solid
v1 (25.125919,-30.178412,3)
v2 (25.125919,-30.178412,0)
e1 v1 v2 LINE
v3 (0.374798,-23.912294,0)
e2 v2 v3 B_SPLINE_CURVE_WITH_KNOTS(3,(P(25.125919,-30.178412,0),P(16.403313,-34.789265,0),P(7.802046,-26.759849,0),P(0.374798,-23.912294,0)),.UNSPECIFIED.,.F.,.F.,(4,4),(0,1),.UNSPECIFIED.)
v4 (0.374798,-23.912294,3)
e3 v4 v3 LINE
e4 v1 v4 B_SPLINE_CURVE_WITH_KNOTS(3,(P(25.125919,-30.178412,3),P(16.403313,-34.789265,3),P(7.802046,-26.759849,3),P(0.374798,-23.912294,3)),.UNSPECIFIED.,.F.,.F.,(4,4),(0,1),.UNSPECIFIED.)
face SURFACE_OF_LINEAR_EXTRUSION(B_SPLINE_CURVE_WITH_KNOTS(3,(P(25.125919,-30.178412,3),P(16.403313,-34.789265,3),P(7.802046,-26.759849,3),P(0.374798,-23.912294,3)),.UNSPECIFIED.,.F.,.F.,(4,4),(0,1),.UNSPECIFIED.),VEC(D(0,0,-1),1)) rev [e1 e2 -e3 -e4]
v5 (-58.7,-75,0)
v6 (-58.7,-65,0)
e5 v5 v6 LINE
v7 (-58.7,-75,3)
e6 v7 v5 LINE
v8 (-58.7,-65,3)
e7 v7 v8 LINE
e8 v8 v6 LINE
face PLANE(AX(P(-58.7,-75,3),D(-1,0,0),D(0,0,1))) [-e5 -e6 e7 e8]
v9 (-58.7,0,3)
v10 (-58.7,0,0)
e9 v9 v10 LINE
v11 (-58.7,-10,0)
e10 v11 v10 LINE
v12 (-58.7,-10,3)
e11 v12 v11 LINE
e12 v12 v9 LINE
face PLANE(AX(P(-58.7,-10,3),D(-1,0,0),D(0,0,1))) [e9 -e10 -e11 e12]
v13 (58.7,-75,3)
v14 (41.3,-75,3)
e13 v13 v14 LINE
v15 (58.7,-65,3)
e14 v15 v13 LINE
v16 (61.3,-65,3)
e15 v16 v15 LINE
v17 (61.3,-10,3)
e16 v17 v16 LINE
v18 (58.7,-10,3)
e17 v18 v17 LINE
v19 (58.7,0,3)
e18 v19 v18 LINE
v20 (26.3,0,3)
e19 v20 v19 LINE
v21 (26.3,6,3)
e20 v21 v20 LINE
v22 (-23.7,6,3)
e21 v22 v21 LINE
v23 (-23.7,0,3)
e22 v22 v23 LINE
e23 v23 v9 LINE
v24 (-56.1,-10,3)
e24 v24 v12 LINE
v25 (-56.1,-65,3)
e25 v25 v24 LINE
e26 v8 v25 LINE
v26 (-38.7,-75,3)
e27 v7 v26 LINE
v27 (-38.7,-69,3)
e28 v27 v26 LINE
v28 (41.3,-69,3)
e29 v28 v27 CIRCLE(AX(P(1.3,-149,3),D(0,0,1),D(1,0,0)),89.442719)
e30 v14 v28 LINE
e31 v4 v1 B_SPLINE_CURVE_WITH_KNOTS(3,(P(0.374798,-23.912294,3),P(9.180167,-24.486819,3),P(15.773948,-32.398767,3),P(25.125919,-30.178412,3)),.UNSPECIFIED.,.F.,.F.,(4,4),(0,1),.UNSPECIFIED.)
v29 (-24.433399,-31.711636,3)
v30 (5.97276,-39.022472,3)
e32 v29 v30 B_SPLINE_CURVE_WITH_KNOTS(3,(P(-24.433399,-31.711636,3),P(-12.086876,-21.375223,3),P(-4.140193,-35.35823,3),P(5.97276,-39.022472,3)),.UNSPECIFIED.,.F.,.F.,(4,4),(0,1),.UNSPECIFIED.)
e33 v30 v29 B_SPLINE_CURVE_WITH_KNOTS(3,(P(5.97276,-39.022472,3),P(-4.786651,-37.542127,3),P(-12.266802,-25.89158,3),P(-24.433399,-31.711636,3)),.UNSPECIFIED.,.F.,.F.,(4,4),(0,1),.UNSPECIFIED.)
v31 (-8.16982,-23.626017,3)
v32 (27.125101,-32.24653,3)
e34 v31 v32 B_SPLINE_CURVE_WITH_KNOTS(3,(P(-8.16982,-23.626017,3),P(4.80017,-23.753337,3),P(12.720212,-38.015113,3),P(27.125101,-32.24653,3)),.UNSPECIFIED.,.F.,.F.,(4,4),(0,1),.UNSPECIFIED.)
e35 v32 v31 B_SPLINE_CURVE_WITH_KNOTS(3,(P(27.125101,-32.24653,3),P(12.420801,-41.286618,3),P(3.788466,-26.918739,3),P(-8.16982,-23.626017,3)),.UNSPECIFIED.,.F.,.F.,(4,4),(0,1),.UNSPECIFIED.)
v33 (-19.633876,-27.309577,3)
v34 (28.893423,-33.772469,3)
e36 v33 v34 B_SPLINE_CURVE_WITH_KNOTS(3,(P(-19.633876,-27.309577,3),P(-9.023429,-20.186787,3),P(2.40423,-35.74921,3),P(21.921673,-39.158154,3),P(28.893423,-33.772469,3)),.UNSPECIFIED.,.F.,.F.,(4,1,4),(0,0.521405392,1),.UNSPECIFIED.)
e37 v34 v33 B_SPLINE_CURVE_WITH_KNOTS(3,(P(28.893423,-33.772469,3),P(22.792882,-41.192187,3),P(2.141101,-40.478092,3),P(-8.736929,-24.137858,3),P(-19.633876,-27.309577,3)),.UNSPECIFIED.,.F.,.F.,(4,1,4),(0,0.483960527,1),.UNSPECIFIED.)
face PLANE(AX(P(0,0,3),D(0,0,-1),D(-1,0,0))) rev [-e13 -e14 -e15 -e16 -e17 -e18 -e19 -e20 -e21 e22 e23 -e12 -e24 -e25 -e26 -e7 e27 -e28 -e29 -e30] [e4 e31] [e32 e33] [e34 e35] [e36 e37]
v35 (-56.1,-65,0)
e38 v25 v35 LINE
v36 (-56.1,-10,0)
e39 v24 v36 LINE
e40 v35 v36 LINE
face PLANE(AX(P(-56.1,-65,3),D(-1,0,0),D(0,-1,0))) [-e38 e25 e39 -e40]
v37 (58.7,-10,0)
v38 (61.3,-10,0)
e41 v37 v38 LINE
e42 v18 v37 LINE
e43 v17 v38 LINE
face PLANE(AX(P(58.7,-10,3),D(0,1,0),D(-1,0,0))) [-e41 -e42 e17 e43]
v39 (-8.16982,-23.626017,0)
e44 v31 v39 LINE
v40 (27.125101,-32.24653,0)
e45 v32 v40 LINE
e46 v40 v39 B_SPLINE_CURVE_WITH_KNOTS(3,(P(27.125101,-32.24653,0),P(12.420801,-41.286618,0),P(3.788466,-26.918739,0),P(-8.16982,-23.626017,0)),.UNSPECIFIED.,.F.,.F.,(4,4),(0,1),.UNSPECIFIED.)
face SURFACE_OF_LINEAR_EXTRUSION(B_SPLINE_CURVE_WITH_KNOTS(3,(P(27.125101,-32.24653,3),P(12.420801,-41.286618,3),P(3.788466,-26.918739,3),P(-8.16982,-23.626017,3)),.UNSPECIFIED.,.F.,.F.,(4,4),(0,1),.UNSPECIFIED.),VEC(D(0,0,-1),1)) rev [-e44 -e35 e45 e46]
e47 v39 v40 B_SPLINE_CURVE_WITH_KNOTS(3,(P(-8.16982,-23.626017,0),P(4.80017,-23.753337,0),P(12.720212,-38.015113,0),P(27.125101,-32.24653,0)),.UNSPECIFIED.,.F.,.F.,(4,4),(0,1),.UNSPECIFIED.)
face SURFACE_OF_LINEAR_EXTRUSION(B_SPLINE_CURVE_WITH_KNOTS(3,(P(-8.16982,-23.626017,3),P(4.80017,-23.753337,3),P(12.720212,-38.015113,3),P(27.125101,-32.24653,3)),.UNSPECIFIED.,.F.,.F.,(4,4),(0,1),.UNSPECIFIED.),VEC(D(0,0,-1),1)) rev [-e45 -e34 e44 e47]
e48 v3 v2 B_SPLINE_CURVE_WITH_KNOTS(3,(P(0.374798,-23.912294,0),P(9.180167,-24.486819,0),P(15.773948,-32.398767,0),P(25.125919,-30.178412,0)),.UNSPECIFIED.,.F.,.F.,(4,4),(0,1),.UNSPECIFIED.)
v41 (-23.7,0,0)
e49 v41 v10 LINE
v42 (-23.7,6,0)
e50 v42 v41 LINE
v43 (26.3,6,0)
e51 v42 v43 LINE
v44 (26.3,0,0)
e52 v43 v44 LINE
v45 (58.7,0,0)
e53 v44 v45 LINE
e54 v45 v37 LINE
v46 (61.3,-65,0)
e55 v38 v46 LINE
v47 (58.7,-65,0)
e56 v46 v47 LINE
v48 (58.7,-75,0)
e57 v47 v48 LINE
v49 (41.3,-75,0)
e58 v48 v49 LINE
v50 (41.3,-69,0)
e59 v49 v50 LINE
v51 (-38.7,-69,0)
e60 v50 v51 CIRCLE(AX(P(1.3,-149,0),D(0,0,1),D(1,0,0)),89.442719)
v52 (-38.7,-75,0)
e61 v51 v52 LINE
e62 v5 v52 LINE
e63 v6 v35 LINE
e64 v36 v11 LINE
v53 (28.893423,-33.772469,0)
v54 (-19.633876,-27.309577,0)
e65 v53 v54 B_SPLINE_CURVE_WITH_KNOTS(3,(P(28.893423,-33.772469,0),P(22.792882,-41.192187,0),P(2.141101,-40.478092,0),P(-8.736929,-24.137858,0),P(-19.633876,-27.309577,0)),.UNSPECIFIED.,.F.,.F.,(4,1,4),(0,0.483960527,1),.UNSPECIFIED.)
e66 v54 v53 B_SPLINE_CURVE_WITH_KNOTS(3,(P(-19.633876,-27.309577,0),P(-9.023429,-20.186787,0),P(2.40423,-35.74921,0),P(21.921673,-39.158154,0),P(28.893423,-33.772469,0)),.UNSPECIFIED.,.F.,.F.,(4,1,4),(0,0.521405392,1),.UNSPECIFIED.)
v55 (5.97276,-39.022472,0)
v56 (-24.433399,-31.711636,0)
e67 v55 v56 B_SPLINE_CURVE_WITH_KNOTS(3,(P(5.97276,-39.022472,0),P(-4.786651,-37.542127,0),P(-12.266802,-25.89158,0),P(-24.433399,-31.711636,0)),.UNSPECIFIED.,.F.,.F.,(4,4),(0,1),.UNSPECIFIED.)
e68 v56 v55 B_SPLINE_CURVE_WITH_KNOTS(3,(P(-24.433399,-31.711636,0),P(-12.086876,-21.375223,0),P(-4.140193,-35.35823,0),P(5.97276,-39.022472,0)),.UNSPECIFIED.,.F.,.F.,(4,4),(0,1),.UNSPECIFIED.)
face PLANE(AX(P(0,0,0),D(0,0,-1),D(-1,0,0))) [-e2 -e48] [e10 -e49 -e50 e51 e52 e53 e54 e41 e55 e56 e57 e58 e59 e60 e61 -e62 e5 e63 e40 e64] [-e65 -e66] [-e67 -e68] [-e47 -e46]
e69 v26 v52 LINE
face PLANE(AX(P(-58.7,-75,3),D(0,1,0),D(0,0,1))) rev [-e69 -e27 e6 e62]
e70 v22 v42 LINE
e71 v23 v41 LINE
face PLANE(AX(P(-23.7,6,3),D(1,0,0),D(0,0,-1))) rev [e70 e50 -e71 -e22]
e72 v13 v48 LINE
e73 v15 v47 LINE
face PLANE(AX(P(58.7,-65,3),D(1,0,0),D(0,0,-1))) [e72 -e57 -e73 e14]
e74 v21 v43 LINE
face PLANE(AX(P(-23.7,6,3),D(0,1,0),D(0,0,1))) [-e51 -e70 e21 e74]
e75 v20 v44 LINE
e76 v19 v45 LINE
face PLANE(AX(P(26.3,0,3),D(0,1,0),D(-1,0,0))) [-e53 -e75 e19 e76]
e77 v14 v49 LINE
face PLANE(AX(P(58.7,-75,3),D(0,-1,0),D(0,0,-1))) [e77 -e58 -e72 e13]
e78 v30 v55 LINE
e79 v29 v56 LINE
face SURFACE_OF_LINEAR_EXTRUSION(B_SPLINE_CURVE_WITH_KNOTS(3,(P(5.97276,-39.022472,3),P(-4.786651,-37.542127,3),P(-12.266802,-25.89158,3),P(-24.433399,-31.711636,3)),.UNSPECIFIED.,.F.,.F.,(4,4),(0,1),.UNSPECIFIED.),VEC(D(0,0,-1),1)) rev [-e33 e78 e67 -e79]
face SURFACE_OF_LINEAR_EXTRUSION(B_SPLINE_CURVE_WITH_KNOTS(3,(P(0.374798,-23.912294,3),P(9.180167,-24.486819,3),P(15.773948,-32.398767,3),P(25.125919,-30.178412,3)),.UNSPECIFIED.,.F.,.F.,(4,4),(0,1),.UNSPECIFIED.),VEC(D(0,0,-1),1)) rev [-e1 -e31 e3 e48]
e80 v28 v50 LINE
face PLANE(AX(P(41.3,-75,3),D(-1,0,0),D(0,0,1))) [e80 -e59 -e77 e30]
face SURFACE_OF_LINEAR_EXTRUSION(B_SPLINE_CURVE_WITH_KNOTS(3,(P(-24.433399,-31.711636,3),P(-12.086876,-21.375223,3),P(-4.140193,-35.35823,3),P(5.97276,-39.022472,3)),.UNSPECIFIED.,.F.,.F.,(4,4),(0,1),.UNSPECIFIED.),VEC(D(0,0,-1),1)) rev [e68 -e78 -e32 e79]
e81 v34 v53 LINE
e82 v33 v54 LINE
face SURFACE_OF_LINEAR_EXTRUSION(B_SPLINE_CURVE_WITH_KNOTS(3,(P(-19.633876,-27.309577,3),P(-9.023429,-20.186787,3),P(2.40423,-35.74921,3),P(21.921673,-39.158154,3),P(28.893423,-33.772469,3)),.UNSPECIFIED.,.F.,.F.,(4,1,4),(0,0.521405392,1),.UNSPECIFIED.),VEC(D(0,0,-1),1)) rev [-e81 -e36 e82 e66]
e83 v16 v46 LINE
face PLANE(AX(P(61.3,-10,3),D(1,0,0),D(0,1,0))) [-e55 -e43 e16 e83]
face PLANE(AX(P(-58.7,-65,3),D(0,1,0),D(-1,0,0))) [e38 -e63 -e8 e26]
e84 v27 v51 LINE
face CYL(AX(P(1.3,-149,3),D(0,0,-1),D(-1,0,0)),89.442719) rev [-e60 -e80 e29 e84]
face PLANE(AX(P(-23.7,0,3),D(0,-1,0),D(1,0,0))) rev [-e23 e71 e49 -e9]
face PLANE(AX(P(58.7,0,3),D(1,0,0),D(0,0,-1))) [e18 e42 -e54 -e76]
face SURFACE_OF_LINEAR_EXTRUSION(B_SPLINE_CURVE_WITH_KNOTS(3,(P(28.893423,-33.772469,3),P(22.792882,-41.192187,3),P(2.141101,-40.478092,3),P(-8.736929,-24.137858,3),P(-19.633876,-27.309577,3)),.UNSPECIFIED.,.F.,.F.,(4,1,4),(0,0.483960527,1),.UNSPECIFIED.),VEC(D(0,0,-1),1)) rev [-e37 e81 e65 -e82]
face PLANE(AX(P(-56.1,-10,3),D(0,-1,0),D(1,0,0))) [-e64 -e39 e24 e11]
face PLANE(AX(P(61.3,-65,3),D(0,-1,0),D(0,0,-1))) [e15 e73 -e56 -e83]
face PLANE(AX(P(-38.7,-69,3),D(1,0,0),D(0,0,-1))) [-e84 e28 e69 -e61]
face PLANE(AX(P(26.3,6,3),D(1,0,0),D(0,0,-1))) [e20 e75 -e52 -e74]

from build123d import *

# Parameters (mm, degrees)
BOSS_EXTRUDE1_DEPTH = 3
CUT_EXTRUDE1_DEPTH  = 4
CUT_EXTRUDE3_DEPTH  = 4.0000001


with BuildPart() as part:
    # Sketch1 → Boss-Extrude1 (new body)
    with BuildSketch(Plane.XY):
        Polygon((-58.7, -75), (-38.7, -75), (-38.7, -69), (41.3, -69), (41.3, -75), (58.7, -75), (58.7, -65), (61.3, -65), (61.3, -10), (58.7, -10), (58.7, 0), (26.3, 0), (26.3, 6), (-23.7, 6), (-23.7, 0), (-58.7, 0), (-58.7, -10), (-56.1, -10), (-56.1, -65), (-58.7, -65), align=None)
    extrude(amount=BOSS_EXTRUDE1_DEPTH)

    # Sketch2 → Cut-Extrude1 (cut, through all)
    with BuildSketch(Plane(origin=(0, 0, 0), x_dir=(-1, 0, 0), z_dir=(0, 0, -1))):
        with BuildLine():
            add(Edge.make_bspline(
                [(24.433398527, -31.711635794), (12.086875589, -21.375223364), (4.140193098, -35.358229775), (-5.972759652, -39.022471709)],
                knots=[0, 0, 0, 0, 1, 1, 1, 1], degree=3))
            add(Edge.make_bspline(
                [(24.433398527, -31.711635794), (12.266801911, -25.891579846), (4.786651273, -37.542126637), (-5.972759652, -39.022471709)],
                knots=[0, 0, 0, 0, 1, 1, 1, 1], degree=3))
        make_face()
        with BuildLine():
            add(Edge.make_bspline(
                [(19.633876366, -27.309577158), (8.736929361, -24.137857676), (-2.141100893, -40.478091734), (-22.792881591, -41.192187033), (-28.893422578, -33.772468692)],
                knots=[0, 0, 0, 0, 0.516039473, 1, 1, 1, 1], degree=3))
            add(Edge.make_bspline(
                [(19.633876366, -27.309577158), (9.023428577, -20.186786928), (-2.404229512, -35.749210026), (-21.92167278, -39.158153915), (-28.893422578, -33.772468692)],
                knots=[0, 0, 0, 0, 0.521405392, 1, 1, 1, 1], degree=3))
        make_face()
        with BuildLine():
            add(Edge.make_bspline(
                [(8.169819804, -23.626017478), (-3.788465932, -26.918738654), (-12.420801252, -41.286617905), (-27.125100941, -32.24653048)],
                knots=[0, 0, 0, 0, 1, 1, 1, 1], degree=3))
            add(Edge.make_bspline(
                [(8.169819804, -23.626017478), (-4.800169657, -23.753336514), (-12.720211609, -38.015113151), (-27.125100941, -32.24653048)],
                knots=[0, 0, 0, 0, 1, 1, 1, 1], degree=3))
        make_face()
        with BuildLine():
            add(Edge.make_bspline(
                [(-0.374797507, -23.912294014), (-7.802045912, -26.759848505), (-16.403312917, -34.789264508), (-25.125919349, -30.178411592)],
                knots=[0, 0, 0, 0, 1, 1, 1, 1], degree=3))
            add(Edge.make_bspline(
                [(-0.374797507, -23.912294014), (-9.180167192, -24.486819088), (-15.773948384, -32.398766596), (-25.125919349, -30.178411592)],
                knots=[0, 0, 0, 0, 1, 1, 1, 1], degree=3))
        make_face()
    extrude(amount=-CUT_EXTRUDE1_DEPTH, mode=Mode.SUBTRACT)

    # Sketch4 → Cut-Extrude3 (cut, through all)
    with BuildSketch(Plane(origin=(0, 0, 0), x_dir=(-1, 0, 0), z_dir=(0, 0, -1))):
        with BuildLine():
            Line((-41.3, -69), (38.7, -69))
            ThreePointArc((38.7, -69), (-1.3, -59.5572809), (-41.3, -69))
        make_face()
    extrude(amount=-CUT_EXTRUDE3_DEPTH, mode=Mode.SUBTRACT)


solid = part.part
